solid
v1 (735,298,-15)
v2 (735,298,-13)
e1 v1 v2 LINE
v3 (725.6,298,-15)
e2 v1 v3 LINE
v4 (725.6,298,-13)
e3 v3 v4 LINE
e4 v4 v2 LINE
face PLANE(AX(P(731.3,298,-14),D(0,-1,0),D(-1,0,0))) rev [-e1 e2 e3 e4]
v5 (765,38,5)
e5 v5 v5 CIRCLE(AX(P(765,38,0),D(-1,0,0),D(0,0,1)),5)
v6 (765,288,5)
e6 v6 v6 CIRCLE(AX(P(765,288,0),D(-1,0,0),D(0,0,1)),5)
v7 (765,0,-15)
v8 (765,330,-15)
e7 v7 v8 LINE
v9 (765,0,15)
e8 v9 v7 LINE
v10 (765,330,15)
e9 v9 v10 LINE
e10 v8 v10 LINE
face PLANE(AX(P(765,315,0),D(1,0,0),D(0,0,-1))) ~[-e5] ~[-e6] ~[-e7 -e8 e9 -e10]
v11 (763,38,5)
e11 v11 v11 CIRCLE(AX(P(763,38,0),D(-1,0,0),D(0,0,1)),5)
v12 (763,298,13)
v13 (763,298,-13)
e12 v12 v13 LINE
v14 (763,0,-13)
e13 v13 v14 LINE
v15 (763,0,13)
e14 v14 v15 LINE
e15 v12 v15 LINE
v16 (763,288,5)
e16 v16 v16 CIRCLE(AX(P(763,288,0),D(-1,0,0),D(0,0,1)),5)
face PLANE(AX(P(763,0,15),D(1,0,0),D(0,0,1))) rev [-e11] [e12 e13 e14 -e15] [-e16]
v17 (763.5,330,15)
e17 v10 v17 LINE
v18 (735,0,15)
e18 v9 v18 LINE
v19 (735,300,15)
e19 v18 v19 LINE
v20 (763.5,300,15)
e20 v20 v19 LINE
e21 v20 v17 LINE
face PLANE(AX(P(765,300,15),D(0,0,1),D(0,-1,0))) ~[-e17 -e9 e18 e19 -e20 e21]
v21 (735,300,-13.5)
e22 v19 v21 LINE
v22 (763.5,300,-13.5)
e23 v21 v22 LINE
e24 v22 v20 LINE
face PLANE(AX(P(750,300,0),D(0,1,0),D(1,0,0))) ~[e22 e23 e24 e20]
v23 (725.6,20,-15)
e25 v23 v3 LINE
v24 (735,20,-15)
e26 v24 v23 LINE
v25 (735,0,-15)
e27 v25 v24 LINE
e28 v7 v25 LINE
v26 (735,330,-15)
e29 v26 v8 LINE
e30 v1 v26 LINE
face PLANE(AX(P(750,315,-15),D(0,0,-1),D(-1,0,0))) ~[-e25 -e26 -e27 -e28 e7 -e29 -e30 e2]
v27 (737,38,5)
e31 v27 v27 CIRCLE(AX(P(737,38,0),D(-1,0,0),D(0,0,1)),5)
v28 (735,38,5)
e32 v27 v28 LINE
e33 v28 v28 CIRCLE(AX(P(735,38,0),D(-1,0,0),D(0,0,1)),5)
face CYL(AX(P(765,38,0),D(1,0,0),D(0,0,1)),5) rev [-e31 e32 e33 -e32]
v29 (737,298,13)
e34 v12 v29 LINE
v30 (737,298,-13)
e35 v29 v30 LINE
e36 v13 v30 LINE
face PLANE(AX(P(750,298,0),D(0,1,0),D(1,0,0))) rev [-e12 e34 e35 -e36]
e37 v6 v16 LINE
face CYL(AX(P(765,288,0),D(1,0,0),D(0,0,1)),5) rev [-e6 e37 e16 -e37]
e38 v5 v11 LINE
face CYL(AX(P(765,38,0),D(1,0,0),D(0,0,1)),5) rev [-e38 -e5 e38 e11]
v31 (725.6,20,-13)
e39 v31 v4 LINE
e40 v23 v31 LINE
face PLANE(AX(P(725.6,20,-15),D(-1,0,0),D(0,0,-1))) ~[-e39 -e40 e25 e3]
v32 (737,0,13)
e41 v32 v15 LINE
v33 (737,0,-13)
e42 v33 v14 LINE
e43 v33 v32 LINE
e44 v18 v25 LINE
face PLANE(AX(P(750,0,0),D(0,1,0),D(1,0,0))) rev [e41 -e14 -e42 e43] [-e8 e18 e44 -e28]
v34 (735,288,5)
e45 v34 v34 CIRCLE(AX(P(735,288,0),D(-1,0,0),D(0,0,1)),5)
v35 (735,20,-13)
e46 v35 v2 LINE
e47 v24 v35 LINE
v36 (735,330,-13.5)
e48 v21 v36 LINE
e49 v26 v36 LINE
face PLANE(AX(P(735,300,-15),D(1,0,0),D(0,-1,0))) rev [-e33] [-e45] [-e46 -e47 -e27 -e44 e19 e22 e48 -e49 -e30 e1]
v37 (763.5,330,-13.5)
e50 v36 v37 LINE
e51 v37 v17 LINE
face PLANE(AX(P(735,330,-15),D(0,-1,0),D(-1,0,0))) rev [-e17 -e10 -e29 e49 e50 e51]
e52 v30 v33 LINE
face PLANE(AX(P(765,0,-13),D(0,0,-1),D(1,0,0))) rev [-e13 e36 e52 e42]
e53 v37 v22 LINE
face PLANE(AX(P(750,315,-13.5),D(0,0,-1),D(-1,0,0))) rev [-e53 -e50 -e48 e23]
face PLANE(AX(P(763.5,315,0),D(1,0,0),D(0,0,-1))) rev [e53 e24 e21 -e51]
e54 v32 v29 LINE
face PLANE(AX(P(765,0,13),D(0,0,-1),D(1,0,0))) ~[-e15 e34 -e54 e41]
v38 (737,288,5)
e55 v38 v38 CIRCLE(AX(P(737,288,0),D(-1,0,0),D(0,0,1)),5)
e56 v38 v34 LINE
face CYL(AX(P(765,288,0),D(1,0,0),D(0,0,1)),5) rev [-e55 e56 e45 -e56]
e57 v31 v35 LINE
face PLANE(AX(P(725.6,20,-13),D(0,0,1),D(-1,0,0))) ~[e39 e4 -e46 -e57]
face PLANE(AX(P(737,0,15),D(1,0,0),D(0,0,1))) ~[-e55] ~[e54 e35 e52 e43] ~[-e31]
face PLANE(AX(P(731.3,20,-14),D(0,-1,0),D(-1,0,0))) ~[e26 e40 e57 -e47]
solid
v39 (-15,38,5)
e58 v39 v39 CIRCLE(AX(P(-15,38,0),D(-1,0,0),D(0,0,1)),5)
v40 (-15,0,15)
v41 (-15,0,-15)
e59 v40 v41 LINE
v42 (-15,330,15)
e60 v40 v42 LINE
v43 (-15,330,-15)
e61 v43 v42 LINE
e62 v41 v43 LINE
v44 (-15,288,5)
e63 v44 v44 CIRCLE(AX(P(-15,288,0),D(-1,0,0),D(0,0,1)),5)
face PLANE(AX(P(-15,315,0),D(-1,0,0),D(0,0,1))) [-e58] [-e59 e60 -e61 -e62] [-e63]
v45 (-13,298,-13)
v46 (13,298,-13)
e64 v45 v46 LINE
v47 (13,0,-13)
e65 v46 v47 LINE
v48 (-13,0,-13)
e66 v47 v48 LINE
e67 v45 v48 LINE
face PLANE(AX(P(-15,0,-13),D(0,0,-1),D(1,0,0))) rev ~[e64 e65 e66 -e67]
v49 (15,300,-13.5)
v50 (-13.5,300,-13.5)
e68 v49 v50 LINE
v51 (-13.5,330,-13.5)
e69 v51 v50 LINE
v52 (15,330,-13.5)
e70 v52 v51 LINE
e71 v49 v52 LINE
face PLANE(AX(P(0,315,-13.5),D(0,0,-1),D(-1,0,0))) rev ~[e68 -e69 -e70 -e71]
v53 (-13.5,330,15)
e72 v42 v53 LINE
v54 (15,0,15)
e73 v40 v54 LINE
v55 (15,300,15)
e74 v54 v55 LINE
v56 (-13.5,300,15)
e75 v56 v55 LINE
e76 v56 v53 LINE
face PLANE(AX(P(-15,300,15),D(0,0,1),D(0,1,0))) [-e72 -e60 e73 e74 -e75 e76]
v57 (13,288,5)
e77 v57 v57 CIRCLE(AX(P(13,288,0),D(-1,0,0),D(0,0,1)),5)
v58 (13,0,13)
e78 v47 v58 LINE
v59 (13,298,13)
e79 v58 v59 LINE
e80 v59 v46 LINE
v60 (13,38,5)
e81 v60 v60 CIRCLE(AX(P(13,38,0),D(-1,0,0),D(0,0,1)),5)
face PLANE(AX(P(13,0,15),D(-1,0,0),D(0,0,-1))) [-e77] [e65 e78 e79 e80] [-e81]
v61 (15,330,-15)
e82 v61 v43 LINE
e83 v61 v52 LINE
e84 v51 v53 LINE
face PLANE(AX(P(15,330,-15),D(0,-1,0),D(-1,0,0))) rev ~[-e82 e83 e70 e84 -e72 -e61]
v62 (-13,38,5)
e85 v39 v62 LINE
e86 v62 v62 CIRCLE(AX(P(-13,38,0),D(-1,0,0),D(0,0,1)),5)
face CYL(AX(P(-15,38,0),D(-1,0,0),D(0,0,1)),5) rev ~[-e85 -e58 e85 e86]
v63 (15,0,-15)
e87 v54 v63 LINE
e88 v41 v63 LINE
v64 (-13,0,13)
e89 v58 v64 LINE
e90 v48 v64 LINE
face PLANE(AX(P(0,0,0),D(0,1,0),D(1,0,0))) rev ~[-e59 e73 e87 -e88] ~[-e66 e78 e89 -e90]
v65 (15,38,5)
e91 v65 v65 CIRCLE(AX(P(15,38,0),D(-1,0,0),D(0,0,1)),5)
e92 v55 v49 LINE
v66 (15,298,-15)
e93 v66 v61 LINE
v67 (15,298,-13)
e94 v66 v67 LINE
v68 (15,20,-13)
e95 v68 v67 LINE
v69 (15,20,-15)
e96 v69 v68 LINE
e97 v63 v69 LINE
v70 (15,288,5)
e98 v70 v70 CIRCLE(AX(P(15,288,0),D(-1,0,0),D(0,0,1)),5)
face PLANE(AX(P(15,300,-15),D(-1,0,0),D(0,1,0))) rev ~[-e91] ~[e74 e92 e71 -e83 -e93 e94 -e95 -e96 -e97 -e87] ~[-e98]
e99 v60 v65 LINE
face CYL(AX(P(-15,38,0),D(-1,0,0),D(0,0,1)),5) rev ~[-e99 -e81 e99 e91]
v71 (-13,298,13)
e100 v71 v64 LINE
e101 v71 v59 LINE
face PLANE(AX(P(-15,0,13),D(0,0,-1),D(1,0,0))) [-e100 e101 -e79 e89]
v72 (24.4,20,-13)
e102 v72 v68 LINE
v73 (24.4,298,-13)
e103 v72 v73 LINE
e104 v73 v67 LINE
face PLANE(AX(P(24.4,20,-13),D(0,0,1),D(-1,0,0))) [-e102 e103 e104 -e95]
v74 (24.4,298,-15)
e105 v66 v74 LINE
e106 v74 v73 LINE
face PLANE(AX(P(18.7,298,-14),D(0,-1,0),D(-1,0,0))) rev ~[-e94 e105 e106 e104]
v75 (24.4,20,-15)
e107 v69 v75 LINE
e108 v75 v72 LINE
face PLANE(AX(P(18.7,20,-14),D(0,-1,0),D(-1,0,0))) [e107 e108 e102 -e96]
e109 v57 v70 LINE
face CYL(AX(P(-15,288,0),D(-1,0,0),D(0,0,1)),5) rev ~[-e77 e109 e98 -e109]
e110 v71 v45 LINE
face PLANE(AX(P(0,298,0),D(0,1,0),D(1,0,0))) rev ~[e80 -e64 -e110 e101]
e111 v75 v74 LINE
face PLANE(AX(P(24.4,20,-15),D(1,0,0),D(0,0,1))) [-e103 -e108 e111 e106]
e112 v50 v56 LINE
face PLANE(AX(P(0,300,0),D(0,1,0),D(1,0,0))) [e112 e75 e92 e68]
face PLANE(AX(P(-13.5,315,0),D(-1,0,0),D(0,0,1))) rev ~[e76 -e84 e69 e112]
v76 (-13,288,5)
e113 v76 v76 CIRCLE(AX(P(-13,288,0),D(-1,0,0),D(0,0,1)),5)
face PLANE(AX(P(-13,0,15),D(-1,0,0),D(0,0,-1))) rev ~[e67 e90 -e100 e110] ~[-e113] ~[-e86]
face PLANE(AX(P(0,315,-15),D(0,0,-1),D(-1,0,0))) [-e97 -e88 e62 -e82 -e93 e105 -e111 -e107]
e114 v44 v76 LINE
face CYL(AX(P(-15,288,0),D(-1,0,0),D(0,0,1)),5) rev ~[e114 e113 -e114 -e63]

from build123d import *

# Parameters (mm, degrees)
SKETCH1_W           = 30
SKETCH1_H           = 30
BOSS_EXTRUDE1_DEPTH = 300
SHELL1_T            = -2
SKETCH3_W           = 30
SKETCH3_H           = 30
BOSS_EXTRUDE2_DEPTH = 1.5
SKETCH4_W           = 30
SKETCH4_H           = 30
BOSS_EXTRUDE3_DEPTH = 1.5
SKETCH5_R           = 5
CUT_EXTRUDE1_DEPTH  = 332.700165812
BOSS_EXTRUDE4_DEPTH = 278


with BuildPart() as part:
    # Sketch1 → Boss-Extrude1 (new body)
    with BuildSketch(Plane(origin=(0, 0, 0), x_dir=(1, 0, 0), z_dir=(0, 1, 0))):
        Rectangle(SKETCH1_W, SKETCH1_H)
    extrude(amount=BOSS_EXTRUDE1_DEPTH)

    # Shell1
    shell1_openings = [part.faces().sort_by_distance(p)[0] for p in [
        (0, 0, 0),
    ]]
    offset(amount=SHELL1_T, openings=shell1_openings, kind=Kind.INTERSECTION)



with BuildPart() as body_2:
    # Sketch3 → Boss-Extrude2 (new body)
    with BuildSketch(Plane.ZY.offset(15)):
        with Locations((0, 315)):
            Rectangle(SKETCH3_W, SKETCH3_H)
    extrude(amount=-BOSS_EXTRUDE2_DEPTH)


with BuildPart() as part_1:
    add(part.part)

    add(body_2.part)  # Boss-Extrude3 merges body 2
    # Sketch4 → Boss-Extrude3 (add)
    with BuildSketch(Plane(origin=(0, 0, -15), x_dir=(-1, 0, 0), z_dir=(0, 0, -1))):
        with Locations((0, 315)):
            Rectangle(SKETCH4_W, SKETCH4_H)
    extrude(amount=-BOSS_EXTRUDE3_DEPTH)

    # Sketch5 → Cut-Extrude1 (cut, through all)
    with BuildSketch(Plane.ZY.offset(15)):
        with Locations((0, 288)):
            Circle(SKETCH5_R)
        with Locations((0, 38)):
            Circle(SKETCH5_R)
    extrude(amount=-CUT_EXTRUDE1_DEPTH, mode=Mode.SUBTRACT)

    # Sketch7 → Boss-Extrude4 (add)
    with BuildSketch(Plane(origin=(0, 20, 0), x_dir=(-1, 0, 0), z_dir=(0, -1, 0))):
        Polygon((-13, 13), (-13, 15), (-15, 15), (-24.4, 15), (-24.4, 13), align=None)
    extrude(amount=-BOSS_EXTRUDE4_DEPTH)


with BuildPart() as body_2_2:
    # Mirror5: mirrored copy
    add(part_1.part.mirror(Plane.ZY.offset(-375)))


solid = Compound([part_1.part, body_2_2.part])
